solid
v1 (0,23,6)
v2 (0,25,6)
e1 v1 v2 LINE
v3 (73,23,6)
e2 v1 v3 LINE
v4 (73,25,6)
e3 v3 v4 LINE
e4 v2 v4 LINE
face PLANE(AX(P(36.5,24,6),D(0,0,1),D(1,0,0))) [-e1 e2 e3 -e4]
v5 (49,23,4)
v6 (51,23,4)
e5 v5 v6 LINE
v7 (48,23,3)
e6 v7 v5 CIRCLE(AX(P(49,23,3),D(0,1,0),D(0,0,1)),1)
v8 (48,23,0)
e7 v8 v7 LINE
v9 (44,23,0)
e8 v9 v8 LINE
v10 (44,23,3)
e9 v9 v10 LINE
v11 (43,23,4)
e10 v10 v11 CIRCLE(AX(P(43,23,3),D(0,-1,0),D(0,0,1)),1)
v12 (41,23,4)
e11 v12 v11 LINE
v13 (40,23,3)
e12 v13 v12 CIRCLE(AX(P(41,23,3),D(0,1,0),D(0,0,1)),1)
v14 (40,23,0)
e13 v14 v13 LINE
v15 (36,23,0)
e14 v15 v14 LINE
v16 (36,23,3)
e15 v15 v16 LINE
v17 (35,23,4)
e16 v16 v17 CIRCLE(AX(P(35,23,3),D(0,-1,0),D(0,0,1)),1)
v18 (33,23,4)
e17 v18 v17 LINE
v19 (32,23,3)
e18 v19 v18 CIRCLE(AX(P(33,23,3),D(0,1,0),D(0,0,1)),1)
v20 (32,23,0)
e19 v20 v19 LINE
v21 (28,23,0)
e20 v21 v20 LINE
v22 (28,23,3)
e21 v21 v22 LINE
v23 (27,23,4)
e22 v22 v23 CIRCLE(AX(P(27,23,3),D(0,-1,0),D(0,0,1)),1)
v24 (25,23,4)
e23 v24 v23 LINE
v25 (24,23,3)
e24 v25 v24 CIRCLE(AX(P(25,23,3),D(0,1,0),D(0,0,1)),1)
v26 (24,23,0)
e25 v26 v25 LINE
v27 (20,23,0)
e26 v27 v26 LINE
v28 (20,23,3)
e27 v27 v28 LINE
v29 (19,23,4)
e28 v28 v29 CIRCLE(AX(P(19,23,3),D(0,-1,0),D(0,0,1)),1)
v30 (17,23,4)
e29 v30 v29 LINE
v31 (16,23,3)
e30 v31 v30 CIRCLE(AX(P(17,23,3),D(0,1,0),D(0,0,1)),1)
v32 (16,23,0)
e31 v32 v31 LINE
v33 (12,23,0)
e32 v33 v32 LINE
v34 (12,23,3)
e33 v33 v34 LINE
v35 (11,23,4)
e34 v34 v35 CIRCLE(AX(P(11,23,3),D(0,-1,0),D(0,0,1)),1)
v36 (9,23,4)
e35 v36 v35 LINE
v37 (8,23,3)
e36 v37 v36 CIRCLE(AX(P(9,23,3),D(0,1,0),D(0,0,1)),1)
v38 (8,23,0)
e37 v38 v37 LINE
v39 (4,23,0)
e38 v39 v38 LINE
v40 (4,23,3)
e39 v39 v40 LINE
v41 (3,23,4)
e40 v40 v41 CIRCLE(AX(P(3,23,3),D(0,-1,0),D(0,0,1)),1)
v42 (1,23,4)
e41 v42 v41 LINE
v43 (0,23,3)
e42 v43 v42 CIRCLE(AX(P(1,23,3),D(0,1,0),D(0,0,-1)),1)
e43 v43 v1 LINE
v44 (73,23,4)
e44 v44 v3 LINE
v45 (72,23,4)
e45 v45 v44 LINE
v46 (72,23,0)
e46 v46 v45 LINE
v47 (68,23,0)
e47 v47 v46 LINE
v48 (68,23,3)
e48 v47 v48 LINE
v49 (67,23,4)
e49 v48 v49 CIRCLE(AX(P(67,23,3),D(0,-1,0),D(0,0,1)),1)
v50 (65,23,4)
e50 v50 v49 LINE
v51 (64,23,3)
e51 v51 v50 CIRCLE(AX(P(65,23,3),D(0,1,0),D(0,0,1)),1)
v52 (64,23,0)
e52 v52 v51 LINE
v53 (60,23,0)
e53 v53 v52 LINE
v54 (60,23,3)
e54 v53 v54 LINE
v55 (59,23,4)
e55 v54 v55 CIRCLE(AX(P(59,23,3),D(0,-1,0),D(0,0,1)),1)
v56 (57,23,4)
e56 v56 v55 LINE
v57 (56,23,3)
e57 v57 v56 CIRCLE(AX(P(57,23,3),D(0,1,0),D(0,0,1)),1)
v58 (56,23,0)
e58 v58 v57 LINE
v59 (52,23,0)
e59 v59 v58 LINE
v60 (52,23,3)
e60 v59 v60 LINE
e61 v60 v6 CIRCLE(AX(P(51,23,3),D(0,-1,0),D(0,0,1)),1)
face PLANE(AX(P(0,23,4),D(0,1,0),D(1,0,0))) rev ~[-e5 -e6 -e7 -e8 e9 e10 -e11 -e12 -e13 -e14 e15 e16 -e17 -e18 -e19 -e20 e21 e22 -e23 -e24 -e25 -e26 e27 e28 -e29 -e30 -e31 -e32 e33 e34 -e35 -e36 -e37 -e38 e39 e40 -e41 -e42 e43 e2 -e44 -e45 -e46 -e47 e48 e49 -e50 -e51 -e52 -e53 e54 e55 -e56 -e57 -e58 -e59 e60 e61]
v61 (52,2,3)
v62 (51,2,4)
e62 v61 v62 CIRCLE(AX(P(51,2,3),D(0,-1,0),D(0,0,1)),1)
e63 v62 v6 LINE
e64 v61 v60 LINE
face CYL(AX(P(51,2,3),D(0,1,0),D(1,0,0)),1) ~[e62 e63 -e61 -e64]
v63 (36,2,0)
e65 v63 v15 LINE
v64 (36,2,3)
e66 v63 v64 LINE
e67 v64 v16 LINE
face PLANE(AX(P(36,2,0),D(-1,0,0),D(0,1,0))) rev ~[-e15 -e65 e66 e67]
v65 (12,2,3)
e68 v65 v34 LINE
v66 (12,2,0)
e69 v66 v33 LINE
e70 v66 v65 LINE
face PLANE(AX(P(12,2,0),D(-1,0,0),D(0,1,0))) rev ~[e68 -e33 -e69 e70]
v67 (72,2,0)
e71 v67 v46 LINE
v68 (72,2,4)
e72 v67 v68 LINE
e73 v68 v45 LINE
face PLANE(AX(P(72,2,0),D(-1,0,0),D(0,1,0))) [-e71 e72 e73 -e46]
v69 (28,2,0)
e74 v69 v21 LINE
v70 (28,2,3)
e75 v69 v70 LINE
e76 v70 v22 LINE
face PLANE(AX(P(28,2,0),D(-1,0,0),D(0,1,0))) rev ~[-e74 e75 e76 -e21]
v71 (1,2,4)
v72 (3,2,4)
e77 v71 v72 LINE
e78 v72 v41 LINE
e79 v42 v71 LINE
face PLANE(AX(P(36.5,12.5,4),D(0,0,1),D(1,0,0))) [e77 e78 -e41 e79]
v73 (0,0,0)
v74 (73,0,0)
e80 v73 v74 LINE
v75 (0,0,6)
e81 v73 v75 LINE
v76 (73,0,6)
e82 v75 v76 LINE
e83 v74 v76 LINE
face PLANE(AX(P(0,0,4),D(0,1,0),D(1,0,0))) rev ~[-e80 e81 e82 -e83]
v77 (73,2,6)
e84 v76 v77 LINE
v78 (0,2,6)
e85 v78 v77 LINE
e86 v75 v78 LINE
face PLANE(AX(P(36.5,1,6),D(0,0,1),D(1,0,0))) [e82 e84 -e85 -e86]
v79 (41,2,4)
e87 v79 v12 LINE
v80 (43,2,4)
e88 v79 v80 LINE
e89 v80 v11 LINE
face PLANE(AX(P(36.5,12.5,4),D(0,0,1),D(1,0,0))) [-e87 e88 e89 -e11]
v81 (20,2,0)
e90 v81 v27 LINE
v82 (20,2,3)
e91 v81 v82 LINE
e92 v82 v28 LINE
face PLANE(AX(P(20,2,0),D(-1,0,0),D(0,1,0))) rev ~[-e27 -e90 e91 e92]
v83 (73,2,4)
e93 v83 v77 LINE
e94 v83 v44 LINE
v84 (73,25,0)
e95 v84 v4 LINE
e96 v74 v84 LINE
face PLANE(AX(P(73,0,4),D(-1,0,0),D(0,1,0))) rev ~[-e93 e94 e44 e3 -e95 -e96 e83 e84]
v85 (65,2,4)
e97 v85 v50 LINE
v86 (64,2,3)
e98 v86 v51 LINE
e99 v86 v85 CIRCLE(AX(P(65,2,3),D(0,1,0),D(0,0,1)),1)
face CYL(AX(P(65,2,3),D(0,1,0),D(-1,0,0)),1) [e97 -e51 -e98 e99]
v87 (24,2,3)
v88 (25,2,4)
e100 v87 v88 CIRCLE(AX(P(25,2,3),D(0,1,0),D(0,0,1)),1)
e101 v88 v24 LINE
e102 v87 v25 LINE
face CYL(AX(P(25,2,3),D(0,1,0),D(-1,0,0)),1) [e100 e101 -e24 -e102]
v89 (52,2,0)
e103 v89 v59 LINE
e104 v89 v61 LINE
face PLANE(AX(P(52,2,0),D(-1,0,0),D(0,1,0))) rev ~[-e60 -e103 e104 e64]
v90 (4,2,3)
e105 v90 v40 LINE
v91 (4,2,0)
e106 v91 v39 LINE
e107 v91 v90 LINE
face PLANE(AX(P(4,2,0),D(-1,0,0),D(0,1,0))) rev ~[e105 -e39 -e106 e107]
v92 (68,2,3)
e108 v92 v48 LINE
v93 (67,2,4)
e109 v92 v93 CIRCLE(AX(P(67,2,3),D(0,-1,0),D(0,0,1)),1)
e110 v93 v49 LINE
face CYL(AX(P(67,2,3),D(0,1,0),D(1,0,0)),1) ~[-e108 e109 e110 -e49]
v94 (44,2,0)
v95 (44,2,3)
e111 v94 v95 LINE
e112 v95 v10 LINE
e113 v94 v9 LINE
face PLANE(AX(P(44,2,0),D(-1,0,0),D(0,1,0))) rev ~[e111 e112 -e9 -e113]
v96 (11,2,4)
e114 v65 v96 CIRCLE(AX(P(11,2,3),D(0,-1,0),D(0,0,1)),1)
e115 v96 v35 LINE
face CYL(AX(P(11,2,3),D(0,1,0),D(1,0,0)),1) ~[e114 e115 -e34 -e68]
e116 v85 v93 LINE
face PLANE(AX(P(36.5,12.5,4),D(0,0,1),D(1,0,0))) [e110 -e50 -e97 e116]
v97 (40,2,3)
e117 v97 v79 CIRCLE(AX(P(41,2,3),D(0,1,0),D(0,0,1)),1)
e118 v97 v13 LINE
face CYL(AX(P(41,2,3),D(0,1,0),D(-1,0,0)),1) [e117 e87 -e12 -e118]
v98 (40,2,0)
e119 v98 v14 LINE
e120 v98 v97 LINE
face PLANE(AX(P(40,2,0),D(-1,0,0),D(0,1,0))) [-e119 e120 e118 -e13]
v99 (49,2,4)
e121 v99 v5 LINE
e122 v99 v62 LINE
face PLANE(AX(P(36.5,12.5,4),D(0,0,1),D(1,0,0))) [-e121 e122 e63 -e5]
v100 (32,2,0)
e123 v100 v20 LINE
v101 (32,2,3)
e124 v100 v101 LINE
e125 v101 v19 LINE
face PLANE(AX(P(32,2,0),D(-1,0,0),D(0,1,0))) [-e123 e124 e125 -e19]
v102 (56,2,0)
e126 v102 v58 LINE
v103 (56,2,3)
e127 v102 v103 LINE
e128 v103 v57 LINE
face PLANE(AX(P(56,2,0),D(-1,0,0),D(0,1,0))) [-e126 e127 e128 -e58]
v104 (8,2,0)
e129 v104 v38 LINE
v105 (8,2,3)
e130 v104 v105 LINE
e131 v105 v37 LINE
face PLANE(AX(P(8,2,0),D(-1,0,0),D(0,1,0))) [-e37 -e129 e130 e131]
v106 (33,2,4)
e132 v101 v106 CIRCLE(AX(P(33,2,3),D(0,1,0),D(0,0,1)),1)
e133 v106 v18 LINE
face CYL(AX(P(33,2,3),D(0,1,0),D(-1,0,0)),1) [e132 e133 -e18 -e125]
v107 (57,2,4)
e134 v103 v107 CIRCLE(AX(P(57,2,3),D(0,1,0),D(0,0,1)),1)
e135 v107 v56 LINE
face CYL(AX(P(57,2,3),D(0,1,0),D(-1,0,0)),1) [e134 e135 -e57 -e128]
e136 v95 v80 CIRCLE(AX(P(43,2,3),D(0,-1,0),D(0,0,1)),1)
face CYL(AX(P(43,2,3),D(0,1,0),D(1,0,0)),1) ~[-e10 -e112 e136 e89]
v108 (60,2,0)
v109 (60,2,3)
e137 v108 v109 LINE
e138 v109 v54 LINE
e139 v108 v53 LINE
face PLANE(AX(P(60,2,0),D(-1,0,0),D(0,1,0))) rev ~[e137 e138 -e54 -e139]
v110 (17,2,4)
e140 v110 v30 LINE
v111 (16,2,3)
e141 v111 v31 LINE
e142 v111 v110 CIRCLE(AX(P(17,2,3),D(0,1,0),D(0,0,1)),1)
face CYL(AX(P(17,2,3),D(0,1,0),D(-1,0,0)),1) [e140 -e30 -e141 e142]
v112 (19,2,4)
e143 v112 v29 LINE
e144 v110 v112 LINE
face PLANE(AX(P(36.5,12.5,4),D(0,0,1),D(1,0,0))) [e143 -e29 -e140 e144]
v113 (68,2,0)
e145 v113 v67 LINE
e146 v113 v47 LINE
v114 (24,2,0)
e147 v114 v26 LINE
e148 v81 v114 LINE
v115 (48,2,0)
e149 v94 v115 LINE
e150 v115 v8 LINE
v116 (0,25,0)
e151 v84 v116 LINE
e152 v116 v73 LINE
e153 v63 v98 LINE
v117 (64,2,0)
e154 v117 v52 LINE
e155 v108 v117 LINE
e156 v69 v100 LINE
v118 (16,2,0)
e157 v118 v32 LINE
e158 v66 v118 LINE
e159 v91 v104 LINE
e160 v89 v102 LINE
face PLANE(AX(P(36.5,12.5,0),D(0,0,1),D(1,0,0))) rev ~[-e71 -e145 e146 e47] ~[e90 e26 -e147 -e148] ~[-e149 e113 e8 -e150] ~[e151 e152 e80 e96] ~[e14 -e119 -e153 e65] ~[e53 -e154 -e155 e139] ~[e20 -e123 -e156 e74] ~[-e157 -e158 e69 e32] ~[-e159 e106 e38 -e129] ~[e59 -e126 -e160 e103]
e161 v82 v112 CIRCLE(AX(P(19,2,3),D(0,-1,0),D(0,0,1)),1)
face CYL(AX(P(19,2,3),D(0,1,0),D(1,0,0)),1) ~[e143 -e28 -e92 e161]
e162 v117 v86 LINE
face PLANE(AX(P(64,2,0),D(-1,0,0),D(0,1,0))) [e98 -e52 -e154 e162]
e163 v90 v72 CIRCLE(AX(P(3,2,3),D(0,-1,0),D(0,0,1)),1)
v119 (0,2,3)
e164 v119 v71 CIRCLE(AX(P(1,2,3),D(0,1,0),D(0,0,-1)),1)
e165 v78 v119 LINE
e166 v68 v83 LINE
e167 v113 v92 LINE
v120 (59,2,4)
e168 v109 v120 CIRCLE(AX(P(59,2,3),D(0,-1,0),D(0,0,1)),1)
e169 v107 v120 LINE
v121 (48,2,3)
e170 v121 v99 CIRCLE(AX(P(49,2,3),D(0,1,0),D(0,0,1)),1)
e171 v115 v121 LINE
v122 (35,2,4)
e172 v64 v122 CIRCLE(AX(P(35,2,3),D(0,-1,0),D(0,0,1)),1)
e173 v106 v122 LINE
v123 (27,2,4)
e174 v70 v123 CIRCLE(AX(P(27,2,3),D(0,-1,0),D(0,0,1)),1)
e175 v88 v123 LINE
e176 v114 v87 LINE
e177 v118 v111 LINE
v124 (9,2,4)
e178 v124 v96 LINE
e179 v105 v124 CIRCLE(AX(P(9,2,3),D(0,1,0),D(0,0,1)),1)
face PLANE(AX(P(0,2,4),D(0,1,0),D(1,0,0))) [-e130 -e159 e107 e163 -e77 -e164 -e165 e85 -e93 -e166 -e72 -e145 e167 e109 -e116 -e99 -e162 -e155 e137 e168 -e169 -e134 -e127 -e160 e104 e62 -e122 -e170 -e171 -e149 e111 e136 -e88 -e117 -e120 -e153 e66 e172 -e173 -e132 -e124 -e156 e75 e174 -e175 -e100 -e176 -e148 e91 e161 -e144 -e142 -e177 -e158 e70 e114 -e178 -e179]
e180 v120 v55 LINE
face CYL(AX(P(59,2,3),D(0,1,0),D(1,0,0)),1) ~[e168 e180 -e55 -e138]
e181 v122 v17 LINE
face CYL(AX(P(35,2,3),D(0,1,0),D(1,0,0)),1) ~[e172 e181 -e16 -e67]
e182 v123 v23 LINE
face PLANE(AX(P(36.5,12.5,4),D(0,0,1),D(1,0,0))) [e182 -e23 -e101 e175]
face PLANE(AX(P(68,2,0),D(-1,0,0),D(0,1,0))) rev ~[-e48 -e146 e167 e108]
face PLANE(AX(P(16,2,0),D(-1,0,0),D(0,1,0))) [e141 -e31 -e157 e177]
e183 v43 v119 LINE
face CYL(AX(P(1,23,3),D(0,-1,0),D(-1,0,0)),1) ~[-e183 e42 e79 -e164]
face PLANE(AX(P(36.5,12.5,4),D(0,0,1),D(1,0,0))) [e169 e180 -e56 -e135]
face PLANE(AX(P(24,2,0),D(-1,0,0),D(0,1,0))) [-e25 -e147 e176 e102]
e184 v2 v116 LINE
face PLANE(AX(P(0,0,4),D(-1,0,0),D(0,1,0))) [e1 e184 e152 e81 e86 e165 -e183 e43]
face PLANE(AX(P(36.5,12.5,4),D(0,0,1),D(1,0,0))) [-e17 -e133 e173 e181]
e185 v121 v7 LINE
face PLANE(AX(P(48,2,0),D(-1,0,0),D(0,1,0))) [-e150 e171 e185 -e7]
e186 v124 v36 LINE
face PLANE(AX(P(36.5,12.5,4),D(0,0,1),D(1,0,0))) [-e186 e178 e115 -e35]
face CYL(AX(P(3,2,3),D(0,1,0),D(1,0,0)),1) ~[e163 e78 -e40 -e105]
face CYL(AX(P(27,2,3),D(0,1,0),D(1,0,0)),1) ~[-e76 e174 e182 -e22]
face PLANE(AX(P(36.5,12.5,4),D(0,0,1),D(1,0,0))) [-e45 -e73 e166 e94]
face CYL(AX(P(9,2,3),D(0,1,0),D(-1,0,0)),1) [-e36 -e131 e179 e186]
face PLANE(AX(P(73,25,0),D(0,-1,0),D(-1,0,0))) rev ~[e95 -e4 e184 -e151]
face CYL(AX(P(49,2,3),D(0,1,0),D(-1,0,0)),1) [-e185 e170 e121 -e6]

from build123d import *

# Parameters (mm, degrees)
F0_W     = 4
F0_H     = 21
F1_DEPTH = 4
F2_R     = 1
F3_W     = 73
F3_H     = 2
F4_DEPTH = 2
F5_R     = 1


with BuildPart() as f1:
    # F0 (on Top) → F1 (new body)
    with BuildSketch(Plane.XY):
        Polygon((0, 25), (0, 0), (73, 0), (73, 25), (68, 25), align=None)
        with Locations((6, 12.5)):
            Rectangle(F0_W, F0_H, mode=Mode.SUBTRACT)
        with Locations((14, 12.5)):
            Rectangle(F0_W, F0_H, mode=Mode.SUBTRACT)
        with Locations((22, 12.5)):
            Rectangle(F0_W, F0_H, mode=Mode.SUBTRACT)
        with Locations((30, 12.5)):
            Rectangle(F0_W, F0_H, mode=Mode.SUBTRACT)
        with Locations((38, 12.5)):
            Rectangle(F0_W, F0_H, mode=Mode.SUBTRACT)
        with Locations((46, 12.5)):
            Rectangle(F0_W, F0_H, mode=Mode.SUBTRACT)
        with Locations((54, 12.5)):
            Rectangle(F0_W, F0_H, mode=Mode.SUBTRACT)
        with Locations((62, 12.5)):
            Rectangle(F0_W, F0_H, mode=Mode.SUBTRACT)
        with Locations((70, 12.5)):
            Rectangle(F0_W, F0_H, mode=Mode.SUBTRACT)
    extrude(amount=F1_DEPTH)

    # F2
    f2_edges = [f1.edges().sort_by_distance(p)[0] for p in [
        (8, 12.5, 4),
        (12, 12.5, 4),
        (16, 12.5, 4),
        (20, 12.5, 4),
        (24, 12.5, 4),
        (28, 12.5, 4),
        (32, 12.5, 4),
        (36, 12.5, 4),
        (40, 12.5, 4),
        (44, 12.5, 4),
        (48, 12.5, 4),
        (52, 12.5, 4),
        (56, 12.5, 4),
        (60, 12.5, 4),
        (64, 12.5, 4),
        (68, 12.5, 4),
    ]]
    fillet(f2_edges, radius=F2_R)

    # F3 (on face) → F4 (join)
    with BuildSketch(Plane.XY.offset(4)):
        with Locations((36.5, 1)):
            Rectangle(F3_W, F3_H)
        with Locations((36.5, 24)):
            Rectangle(F3_W, F3_H)
    extrude(amount=F4_DEPTH)

    # F5
    f5_edges = [f1.edges().sort_by_distance(p)[0] for p in [
        (4, 12.5, 4),
        (0, 12.5, 4),
    ]]
    fillet(f5_edges, radius=F5_R)


solid = f1.part
